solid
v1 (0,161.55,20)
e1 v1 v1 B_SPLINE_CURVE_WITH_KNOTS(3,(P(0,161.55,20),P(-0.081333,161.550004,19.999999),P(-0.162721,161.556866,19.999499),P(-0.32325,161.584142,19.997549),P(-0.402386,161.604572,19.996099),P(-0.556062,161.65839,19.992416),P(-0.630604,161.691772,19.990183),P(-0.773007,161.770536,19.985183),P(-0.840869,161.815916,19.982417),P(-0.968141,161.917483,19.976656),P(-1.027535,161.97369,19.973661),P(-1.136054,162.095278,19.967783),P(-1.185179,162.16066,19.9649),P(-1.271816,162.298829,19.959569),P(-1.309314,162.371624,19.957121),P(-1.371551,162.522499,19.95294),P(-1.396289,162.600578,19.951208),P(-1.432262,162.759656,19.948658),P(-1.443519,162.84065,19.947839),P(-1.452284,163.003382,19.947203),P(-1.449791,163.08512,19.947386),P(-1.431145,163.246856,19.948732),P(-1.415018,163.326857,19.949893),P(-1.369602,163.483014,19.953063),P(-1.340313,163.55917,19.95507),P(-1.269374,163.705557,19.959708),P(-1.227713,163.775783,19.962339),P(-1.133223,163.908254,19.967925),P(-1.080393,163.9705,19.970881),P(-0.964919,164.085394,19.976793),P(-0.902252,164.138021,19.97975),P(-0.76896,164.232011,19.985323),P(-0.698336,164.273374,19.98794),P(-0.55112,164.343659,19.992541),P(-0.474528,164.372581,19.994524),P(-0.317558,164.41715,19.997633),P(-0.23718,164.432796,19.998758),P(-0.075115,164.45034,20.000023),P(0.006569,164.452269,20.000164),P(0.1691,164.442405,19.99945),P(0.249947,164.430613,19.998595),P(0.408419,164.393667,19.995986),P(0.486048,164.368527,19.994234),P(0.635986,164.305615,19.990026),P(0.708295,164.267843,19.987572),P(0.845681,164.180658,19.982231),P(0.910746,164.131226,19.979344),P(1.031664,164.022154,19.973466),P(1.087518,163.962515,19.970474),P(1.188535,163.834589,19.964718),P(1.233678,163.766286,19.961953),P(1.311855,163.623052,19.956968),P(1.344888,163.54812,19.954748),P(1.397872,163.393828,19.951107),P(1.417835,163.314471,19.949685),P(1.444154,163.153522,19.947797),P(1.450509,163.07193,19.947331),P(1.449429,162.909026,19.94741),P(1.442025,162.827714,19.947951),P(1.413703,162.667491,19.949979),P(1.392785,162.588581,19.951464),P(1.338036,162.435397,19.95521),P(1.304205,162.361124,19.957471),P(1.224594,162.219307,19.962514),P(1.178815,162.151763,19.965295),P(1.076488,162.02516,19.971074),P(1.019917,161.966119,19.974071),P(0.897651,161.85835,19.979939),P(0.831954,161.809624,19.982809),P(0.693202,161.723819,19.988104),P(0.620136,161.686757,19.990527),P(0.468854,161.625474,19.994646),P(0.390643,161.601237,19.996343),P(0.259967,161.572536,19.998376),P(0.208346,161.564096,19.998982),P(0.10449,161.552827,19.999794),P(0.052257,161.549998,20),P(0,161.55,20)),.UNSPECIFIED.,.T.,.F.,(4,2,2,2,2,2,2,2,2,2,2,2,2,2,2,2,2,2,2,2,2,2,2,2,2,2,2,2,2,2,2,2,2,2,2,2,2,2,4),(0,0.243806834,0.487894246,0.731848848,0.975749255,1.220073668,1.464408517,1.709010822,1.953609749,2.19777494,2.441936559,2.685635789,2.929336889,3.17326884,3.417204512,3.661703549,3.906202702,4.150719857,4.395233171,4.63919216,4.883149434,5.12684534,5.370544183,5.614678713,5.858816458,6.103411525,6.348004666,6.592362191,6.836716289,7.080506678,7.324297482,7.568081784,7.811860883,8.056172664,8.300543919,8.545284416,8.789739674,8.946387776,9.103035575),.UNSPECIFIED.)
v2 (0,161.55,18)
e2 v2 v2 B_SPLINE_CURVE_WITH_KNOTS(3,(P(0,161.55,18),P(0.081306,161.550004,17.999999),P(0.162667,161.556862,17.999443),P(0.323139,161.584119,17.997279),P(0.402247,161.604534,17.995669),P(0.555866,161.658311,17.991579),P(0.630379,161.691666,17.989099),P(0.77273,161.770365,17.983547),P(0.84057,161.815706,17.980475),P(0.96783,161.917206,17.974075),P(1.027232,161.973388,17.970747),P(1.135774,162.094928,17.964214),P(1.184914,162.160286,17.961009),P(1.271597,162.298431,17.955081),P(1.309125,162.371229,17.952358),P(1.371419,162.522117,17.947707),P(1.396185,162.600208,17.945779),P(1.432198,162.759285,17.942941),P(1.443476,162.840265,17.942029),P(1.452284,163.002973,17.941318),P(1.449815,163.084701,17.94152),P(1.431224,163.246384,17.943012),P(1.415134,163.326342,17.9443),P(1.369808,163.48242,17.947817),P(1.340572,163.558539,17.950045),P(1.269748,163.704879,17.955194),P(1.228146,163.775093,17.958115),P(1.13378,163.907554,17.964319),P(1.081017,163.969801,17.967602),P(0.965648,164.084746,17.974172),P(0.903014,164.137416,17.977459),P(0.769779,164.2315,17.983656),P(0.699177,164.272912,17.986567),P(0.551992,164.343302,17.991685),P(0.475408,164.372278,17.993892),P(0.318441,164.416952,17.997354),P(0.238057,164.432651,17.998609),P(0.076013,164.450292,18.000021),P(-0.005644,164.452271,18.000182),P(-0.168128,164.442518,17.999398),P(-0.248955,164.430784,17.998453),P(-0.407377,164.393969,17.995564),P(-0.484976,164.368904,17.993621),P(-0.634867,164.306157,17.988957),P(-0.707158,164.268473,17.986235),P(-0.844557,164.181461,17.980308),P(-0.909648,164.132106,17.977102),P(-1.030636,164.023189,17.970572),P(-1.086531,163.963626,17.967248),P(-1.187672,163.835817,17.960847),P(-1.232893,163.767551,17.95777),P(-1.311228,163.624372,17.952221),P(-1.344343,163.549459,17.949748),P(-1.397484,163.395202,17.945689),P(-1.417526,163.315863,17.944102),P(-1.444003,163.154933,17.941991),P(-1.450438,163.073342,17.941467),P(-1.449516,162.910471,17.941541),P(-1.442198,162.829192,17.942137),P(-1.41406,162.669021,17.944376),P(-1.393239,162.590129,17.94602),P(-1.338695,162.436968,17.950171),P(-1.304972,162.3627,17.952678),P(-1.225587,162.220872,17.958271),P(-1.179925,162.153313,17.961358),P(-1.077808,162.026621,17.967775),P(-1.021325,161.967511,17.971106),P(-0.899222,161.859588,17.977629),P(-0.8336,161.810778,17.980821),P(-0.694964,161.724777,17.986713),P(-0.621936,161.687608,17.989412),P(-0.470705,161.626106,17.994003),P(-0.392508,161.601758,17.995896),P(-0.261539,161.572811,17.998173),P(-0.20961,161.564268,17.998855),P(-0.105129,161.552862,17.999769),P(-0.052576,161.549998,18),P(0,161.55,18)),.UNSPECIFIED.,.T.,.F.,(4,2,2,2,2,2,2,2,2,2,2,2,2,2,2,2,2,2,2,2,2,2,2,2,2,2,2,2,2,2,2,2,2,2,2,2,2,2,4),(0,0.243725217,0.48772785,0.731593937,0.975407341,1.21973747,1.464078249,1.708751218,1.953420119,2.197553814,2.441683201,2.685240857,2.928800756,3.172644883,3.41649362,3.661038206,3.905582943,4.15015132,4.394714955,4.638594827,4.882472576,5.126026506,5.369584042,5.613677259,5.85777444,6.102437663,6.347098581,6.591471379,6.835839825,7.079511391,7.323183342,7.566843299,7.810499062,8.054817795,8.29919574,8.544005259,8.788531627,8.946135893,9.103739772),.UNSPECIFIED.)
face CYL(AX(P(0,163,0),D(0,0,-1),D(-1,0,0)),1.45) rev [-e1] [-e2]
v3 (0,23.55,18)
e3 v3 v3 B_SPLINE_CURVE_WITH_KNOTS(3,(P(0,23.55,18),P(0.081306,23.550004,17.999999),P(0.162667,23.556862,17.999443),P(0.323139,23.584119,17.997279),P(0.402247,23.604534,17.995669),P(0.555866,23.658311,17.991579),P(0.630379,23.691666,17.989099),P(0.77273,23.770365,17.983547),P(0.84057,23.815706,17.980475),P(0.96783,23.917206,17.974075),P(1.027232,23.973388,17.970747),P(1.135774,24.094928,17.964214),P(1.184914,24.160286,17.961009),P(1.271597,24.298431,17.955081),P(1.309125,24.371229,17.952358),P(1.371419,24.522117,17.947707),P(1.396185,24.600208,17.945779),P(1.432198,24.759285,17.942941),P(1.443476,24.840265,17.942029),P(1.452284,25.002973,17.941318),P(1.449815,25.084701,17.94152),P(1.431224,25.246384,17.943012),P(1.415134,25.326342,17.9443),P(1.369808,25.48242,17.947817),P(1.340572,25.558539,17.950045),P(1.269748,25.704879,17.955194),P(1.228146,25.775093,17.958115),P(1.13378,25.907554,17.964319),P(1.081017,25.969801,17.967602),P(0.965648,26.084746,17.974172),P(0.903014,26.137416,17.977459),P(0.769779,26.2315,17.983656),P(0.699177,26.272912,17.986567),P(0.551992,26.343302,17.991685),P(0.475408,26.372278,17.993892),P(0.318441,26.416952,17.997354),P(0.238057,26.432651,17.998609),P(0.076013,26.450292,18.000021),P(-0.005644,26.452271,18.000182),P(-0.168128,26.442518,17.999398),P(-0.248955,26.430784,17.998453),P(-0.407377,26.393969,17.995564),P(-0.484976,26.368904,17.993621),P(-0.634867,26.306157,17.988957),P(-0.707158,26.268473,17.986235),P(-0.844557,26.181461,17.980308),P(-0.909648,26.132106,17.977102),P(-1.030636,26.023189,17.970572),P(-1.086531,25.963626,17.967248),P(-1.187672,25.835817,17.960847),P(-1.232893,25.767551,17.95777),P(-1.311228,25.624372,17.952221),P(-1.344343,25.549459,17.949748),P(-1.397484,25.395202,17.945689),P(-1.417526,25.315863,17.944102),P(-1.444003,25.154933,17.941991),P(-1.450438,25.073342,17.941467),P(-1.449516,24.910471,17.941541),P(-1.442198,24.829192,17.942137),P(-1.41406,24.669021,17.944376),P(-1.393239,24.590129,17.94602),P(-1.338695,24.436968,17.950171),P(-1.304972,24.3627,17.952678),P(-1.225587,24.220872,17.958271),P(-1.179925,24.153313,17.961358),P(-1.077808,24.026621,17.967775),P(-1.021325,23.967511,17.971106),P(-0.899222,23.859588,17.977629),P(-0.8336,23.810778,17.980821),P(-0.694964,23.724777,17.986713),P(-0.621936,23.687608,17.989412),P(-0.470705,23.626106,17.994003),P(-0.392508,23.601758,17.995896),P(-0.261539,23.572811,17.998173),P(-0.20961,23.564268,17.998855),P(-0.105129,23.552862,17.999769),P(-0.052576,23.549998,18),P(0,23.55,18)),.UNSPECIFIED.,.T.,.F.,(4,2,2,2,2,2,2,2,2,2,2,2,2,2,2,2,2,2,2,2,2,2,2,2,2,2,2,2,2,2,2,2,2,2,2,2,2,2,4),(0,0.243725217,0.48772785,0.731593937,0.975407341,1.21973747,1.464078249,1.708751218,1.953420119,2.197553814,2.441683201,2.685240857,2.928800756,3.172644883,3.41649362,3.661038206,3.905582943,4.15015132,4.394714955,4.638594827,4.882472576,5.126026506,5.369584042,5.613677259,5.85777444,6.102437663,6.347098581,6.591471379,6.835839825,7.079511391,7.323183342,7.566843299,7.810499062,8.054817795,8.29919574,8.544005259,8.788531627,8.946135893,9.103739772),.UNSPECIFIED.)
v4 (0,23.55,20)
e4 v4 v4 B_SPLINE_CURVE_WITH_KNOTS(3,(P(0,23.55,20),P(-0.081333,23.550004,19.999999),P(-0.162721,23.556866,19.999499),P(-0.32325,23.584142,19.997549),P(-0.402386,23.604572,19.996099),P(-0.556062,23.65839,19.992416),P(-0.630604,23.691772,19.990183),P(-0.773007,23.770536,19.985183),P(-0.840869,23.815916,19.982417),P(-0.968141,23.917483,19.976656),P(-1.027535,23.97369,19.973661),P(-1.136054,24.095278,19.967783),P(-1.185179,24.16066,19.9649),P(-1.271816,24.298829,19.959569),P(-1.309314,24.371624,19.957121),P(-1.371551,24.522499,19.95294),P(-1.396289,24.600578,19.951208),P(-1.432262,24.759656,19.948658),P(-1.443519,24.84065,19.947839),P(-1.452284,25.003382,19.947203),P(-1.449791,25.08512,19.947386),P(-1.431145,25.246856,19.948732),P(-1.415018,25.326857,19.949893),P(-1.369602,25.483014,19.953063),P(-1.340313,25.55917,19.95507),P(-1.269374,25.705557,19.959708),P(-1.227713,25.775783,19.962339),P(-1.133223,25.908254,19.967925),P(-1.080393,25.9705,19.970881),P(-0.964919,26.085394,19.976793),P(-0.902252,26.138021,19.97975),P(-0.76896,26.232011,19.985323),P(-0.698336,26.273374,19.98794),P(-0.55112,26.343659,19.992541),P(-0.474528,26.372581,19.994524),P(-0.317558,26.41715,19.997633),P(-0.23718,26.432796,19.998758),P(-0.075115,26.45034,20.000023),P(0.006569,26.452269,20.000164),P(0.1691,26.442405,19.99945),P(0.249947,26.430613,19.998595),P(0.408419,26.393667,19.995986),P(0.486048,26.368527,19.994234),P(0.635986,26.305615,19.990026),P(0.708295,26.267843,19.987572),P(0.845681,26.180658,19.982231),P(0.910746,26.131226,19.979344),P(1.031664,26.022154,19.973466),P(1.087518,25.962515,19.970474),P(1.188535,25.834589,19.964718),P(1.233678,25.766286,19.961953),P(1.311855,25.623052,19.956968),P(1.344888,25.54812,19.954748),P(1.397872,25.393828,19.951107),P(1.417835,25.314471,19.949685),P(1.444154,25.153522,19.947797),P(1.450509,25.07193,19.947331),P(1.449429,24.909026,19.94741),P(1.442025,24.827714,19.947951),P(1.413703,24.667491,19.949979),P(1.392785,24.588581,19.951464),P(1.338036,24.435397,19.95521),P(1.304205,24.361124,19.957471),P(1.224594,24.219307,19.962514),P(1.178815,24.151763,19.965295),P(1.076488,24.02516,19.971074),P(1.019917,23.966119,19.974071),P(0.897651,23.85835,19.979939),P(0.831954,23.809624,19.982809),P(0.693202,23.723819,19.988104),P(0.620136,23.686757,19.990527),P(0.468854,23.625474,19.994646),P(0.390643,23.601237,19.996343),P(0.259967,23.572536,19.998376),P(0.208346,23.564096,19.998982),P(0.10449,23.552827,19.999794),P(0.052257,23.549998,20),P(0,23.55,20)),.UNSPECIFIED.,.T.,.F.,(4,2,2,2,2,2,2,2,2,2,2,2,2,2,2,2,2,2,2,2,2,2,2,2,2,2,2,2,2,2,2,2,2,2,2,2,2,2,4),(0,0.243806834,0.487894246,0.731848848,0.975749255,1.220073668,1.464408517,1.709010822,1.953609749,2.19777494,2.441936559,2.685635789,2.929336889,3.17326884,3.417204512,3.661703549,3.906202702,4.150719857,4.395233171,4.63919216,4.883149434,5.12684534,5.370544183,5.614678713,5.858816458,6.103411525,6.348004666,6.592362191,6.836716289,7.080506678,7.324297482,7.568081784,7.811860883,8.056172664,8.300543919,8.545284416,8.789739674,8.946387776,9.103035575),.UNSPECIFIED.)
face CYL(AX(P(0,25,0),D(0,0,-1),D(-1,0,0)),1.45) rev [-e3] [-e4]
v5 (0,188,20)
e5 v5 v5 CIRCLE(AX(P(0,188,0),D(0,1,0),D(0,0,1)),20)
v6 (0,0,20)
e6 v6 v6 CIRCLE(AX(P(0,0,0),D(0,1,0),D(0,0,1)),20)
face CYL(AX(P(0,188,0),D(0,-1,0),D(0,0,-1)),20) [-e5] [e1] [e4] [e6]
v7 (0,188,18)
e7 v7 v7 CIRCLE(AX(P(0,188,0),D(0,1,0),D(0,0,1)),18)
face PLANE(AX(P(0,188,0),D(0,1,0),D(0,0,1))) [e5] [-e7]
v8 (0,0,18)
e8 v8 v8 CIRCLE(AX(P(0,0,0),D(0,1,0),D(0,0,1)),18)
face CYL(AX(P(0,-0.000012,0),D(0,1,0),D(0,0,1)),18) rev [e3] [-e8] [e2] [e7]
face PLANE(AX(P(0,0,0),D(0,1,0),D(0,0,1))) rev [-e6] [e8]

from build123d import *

# Parameters (mm, degrees)
SKETCH_1_R                    = 20
EXTRUDE_1_DEPTH               = 188
CUT_EXTRUDE_2_DEPTH           = 191.115754213
CUT_EXTRUDE_2_DEPTH_BACK      = 191.115754213
SKETCH_2_R                    = 18
SKETCH_5_W                    = 1.45
SKETCH_5_H                    = 20
HOLE_WIZARD_M2_5_1_AT_2_COUNT = 2
HOLE_WIZARD_M2_5_1_AT_2_PITCH = 138


with BuildPart() as part:
    # 스케치1 → 보스-돌출1 (new body)
    with BuildSketch(Plane(origin=(0, 0, 0), x_dir=(1, 0, 0), z_dir=(0, 1, 0))):
        with Locations(Location((0, 0, 0), (0, 0, 270))):
            Circle(SKETCH_1_R)
    extrude(amount=EXTRUDE_1_DEPTH)

    # 스케치2 → 컷-돌출2 (cut, two sides: drawn at the far end of the back side and taken through both)
    with BuildSketch(Plane(origin=(0, 0, 0), x_dir=(1, 0, 0), z_dir=(0, 1, 0)).offset(-CUT_EXTRUDE_2_DEPTH_BACK)):
        with Locations(Location((0, 0, 0), (0, 0, 270))):
            Circle(SKETCH_2_R)
    extrude(amount=CUT_EXTRUDE_2_DEPTH + CUT_EXTRUDE_2_DEPTH_BACK, mode=Mode.SUBTRACT)

    # 스케치5 → M2.5 여유 구멍1 (revolve, cut)
    with BuildSketch(Plane(origin=(0, 163, 0), x_dir=(0, 1, 0), z_dir=(1, 0, 0))):
        with Locations((0.725, 10)):
            Rectangle(SKETCH_5_W, SKETCH_5_H)
    hole_wizard_m2_5_1 = revolve(axis=Axis((0, 163, -6.35), (0, 0, 1)), mode=Mode.SUBTRACT)

    # M2.5 여유 구멍1 at 2: M2.5 여유 구멍1 ×2
    with Locations(*[(0, -i * HOLE_WIZARD_M2_5_1_AT_2_PITCH, 0) for i in range(1, HOLE_WIZARD_M2_5_1_AT_2_COUNT)]):
        add(hole_wizard_m2_5_1, mode=Mode.SUBTRACT)


solid = part.part
